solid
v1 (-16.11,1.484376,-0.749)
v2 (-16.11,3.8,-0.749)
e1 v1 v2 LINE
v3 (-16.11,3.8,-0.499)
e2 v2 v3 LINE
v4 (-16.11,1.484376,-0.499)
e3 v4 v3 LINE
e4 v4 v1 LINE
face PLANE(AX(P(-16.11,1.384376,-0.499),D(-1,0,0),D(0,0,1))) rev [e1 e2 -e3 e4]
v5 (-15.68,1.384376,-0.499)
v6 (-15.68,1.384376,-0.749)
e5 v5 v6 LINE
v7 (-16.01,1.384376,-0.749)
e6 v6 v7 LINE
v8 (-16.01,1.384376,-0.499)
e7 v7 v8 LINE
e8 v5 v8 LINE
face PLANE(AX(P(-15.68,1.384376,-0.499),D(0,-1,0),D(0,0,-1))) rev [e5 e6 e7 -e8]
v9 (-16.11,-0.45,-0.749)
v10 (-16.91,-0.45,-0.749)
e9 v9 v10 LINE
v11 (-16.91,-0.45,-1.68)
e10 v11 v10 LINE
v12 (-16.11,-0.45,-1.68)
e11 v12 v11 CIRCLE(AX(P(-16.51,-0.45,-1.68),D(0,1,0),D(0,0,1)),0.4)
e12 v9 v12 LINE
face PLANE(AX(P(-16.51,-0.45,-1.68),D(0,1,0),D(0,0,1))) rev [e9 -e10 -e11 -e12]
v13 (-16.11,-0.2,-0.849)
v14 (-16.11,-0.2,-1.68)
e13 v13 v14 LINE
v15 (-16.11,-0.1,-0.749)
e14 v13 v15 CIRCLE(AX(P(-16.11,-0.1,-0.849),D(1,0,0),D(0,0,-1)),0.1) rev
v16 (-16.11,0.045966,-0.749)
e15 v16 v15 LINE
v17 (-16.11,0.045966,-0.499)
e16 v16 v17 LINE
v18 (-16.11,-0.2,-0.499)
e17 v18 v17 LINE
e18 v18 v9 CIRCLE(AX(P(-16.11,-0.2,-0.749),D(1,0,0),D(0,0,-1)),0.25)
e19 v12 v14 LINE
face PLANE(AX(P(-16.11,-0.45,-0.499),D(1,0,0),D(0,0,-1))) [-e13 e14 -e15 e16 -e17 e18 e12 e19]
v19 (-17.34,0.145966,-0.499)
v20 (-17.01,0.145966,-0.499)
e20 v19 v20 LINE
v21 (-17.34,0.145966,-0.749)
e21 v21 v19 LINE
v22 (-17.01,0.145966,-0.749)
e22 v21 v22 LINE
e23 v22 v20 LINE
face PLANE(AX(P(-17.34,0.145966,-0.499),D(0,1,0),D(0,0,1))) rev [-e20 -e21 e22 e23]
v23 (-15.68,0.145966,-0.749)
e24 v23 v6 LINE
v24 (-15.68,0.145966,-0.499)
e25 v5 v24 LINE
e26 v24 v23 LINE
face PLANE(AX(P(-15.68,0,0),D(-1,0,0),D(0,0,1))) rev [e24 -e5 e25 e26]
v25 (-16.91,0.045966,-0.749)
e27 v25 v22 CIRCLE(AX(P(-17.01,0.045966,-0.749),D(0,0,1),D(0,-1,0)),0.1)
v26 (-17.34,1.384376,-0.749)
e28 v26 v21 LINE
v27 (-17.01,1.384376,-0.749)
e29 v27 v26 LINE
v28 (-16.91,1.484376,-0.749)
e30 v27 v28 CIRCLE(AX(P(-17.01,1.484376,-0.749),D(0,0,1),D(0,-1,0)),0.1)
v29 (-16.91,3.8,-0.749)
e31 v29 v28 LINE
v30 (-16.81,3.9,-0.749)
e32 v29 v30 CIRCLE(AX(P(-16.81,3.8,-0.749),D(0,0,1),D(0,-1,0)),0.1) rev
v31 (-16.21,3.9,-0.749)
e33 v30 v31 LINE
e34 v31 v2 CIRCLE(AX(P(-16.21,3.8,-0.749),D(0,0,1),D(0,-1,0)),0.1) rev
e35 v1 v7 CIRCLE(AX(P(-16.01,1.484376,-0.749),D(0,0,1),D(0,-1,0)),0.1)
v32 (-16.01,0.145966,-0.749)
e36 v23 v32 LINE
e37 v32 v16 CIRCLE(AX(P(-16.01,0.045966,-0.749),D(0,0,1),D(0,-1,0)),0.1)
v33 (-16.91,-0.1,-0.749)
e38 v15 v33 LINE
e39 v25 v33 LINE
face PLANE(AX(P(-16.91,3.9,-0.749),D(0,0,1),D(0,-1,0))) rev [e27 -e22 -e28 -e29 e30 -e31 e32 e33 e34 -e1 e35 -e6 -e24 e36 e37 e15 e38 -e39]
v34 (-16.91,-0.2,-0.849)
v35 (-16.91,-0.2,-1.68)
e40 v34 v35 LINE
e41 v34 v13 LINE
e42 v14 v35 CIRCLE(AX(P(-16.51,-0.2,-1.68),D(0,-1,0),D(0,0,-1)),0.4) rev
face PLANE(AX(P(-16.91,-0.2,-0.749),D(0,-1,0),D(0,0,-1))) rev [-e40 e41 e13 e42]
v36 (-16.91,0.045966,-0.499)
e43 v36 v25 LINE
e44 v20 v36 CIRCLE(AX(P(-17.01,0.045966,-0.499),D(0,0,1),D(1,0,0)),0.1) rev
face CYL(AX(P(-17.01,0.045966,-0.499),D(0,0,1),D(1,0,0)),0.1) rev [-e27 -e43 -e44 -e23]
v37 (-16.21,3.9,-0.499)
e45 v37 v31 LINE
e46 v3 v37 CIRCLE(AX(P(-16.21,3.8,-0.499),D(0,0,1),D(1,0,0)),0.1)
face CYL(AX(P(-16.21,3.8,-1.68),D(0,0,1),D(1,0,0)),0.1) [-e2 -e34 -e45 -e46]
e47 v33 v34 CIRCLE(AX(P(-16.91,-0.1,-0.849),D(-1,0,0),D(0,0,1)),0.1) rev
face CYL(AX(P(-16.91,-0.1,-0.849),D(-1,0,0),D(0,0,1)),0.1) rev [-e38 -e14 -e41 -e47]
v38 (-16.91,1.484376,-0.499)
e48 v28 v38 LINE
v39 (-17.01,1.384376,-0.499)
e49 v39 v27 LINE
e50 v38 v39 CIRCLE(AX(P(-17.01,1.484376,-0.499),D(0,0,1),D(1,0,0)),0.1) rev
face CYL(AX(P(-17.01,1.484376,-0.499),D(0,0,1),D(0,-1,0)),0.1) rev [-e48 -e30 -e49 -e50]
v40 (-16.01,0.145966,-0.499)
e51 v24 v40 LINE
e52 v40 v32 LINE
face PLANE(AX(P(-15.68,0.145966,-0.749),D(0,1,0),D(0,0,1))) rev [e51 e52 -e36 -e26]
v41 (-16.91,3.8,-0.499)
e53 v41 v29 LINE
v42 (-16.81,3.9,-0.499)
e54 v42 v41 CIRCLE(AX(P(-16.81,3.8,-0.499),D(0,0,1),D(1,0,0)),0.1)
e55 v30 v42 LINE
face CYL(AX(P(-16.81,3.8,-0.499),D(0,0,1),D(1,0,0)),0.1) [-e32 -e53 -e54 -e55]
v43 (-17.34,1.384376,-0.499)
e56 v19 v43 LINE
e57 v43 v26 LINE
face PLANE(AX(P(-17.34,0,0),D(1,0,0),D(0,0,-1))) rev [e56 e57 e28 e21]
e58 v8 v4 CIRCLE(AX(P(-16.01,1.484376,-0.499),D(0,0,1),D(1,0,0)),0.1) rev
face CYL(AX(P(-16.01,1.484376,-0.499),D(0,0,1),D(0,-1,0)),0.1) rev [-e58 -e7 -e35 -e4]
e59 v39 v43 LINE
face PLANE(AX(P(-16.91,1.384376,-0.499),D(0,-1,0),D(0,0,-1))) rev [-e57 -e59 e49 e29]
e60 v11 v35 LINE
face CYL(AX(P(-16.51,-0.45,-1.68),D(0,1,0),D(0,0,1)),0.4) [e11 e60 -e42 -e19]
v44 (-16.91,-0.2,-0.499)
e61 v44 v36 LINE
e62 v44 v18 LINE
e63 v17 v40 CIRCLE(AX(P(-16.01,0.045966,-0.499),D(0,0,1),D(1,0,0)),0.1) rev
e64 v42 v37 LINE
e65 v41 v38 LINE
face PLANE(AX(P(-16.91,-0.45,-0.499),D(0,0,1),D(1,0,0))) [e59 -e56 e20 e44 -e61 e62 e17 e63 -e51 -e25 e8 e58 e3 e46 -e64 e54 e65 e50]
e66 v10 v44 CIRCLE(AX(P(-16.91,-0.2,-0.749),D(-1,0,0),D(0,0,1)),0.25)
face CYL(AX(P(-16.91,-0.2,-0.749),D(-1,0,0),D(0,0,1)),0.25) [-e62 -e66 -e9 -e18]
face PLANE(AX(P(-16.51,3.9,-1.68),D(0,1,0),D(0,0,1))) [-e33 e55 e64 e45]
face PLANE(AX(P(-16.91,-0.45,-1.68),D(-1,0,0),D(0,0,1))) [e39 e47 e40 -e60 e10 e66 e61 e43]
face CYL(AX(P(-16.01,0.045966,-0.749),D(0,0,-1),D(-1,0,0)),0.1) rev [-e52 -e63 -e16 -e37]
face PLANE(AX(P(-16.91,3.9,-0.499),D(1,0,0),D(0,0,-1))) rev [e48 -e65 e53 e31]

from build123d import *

# Parameters (mm, degrees)
BOSS_EXTRUDE1_DEPTH = 4.35
SKETCH2_W           = 1.825069899
SKETCH2_H           = 4.1
CUT_EXTRUDE1_DEPTH  = 5.491814778
SKETCH3_W           = 0.25
SKETCH3_H           = 3.754034185
BOSS_EXTRUDE2_DEPTH = 0.43
SKETCH4_W           = 0.25
SKETCH4_H           = 3.754034185
BOSS_EXTRUDE3_DEPTH = 0.43
SKETCH5_W           = 0.43
SKETCH5_H           = 2.515624486
CUT_EXTRUDE2_DEPTH  = 18.82293918
SKETCH6_W           = 0.43
SKETCH6_H           = 2.515624486
CUT_EXTRUDE3_DEPTH  = 18.82293918
FILLET1_R           = 0.1
FILLET2_R           = 0.25


with BuildPart() as part:
    # Sketch1 → Boss-Extrude1 (new body)
    with BuildSketch(Plane(origin=(0, 3.9, 0), x_dir=(1, 0, 0), z_dir=(0, 1, 0))):
        with BuildLine():
            Line((-16.91, 0.499), (-16.11, 0.499))
            Line((-16.11, 0.499), (-16.11, 1.68))
            ThreePointArc((-16.11, 1.68), (-16.51, 2.08), (-16.91, 1.68))
            Line((-16.91, 1.68), (-16.91, 0.499))
        make_face()
    extrude(amount=-BOSS_EXTRUDE1_DEPTH)

    # Sketch2 → Cut-Extrude1 (cut, through all)
    with BuildSketch(Plane(origin=(-16.11, 0, 0), x_dir=(0, 0, -1), z_dir=(1, 0, 0))):
        with Locations((1.66153495, 1.85)):
            Rectangle(SKETCH2_W, SKETCH2_H)
    extrude(amount=-CUT_EXTRUDE1_DEPTH, mode=Mode.SUBTRACT)

    # Sketch3 → Boss-Extrude2 (add)
    with BuildSketch(Plane(origin=(-16.11, 0, 0), x_dir=(0, 0, -1), z_dir=(1, 0, 0))):
        with Locations((0.624, 2.022982908)):
            Rectangle(SKETCH3_W, SKETCH3_H)
    extrude(amount=BOSS_EXTRUDE2_DEPTH)

    # Sketch4 → Boss-Extrude3 (add)
    with BuildSketch(Plane.ZY.offset(16.91)):
        with Locations((-0.624, 2.022982908)):
            Rectangle(SKETCH4_W, SKETCH4_H)
    extrude(amount=BOSS_EXTRUDE3_DEPTH)

    # Sketch5 → Cut-Extrude2 (cut, through all)
    with BuildSketch(Plane(origin=(0, 0, -0.749), x_dir=(-1, 0, 0), z_dir=(0, 0, -1))):
        with Locations((15.895, 2.642187757)):
            Rectangle(SKETCH5_W, SKETCH5_H)
    extrude(amount=-CUT_EXTRUDE2_DEPTH, mode=Mode.SUBTRACT)

    # Sketch6 → Cut-Extrude3 (cut, through all)
    with BuildSketch(Plane(origin=(0, 0, -0.749), x_dir=(-1, 0, 0), z_dir=(0, 0, -1))):
        with Locations((17.125, 2.642187757)):
            Rectangle(SKETCH6_W, SKETCH6_H)
    extrude(amount=-CUT_EXTRUDE3_DEPTH, mode=Mode.SUBTRACT)

    # Fillet1
    fillet1_edges = [part.edges().sort_by_distance(p)[0] for p in [
        (-16.51, -0.2, -0.749),
        (-16.11, 0.145965815, -0.624),
        (-16.91, 0.145965815, -0.624),
        (-16.11, 3.9, -0.624),
        (-16.11, 1.384375514, -0.624),
        (-16.91, 1.384375514, -0.624),
        (-16.91, 3.9, -0.624),
    ]]
    fillet(fillet1_edges, radius=FILLET1_R)

    # Fillet2
    fillet2_edges = [part.edges().sort_by_distance(p)[0] for p in [
        (-16.51, -0.45, -0.499),
    ]]
    fillet(fillet2_edges, radius=FILLET2_R)


solid = part.part
